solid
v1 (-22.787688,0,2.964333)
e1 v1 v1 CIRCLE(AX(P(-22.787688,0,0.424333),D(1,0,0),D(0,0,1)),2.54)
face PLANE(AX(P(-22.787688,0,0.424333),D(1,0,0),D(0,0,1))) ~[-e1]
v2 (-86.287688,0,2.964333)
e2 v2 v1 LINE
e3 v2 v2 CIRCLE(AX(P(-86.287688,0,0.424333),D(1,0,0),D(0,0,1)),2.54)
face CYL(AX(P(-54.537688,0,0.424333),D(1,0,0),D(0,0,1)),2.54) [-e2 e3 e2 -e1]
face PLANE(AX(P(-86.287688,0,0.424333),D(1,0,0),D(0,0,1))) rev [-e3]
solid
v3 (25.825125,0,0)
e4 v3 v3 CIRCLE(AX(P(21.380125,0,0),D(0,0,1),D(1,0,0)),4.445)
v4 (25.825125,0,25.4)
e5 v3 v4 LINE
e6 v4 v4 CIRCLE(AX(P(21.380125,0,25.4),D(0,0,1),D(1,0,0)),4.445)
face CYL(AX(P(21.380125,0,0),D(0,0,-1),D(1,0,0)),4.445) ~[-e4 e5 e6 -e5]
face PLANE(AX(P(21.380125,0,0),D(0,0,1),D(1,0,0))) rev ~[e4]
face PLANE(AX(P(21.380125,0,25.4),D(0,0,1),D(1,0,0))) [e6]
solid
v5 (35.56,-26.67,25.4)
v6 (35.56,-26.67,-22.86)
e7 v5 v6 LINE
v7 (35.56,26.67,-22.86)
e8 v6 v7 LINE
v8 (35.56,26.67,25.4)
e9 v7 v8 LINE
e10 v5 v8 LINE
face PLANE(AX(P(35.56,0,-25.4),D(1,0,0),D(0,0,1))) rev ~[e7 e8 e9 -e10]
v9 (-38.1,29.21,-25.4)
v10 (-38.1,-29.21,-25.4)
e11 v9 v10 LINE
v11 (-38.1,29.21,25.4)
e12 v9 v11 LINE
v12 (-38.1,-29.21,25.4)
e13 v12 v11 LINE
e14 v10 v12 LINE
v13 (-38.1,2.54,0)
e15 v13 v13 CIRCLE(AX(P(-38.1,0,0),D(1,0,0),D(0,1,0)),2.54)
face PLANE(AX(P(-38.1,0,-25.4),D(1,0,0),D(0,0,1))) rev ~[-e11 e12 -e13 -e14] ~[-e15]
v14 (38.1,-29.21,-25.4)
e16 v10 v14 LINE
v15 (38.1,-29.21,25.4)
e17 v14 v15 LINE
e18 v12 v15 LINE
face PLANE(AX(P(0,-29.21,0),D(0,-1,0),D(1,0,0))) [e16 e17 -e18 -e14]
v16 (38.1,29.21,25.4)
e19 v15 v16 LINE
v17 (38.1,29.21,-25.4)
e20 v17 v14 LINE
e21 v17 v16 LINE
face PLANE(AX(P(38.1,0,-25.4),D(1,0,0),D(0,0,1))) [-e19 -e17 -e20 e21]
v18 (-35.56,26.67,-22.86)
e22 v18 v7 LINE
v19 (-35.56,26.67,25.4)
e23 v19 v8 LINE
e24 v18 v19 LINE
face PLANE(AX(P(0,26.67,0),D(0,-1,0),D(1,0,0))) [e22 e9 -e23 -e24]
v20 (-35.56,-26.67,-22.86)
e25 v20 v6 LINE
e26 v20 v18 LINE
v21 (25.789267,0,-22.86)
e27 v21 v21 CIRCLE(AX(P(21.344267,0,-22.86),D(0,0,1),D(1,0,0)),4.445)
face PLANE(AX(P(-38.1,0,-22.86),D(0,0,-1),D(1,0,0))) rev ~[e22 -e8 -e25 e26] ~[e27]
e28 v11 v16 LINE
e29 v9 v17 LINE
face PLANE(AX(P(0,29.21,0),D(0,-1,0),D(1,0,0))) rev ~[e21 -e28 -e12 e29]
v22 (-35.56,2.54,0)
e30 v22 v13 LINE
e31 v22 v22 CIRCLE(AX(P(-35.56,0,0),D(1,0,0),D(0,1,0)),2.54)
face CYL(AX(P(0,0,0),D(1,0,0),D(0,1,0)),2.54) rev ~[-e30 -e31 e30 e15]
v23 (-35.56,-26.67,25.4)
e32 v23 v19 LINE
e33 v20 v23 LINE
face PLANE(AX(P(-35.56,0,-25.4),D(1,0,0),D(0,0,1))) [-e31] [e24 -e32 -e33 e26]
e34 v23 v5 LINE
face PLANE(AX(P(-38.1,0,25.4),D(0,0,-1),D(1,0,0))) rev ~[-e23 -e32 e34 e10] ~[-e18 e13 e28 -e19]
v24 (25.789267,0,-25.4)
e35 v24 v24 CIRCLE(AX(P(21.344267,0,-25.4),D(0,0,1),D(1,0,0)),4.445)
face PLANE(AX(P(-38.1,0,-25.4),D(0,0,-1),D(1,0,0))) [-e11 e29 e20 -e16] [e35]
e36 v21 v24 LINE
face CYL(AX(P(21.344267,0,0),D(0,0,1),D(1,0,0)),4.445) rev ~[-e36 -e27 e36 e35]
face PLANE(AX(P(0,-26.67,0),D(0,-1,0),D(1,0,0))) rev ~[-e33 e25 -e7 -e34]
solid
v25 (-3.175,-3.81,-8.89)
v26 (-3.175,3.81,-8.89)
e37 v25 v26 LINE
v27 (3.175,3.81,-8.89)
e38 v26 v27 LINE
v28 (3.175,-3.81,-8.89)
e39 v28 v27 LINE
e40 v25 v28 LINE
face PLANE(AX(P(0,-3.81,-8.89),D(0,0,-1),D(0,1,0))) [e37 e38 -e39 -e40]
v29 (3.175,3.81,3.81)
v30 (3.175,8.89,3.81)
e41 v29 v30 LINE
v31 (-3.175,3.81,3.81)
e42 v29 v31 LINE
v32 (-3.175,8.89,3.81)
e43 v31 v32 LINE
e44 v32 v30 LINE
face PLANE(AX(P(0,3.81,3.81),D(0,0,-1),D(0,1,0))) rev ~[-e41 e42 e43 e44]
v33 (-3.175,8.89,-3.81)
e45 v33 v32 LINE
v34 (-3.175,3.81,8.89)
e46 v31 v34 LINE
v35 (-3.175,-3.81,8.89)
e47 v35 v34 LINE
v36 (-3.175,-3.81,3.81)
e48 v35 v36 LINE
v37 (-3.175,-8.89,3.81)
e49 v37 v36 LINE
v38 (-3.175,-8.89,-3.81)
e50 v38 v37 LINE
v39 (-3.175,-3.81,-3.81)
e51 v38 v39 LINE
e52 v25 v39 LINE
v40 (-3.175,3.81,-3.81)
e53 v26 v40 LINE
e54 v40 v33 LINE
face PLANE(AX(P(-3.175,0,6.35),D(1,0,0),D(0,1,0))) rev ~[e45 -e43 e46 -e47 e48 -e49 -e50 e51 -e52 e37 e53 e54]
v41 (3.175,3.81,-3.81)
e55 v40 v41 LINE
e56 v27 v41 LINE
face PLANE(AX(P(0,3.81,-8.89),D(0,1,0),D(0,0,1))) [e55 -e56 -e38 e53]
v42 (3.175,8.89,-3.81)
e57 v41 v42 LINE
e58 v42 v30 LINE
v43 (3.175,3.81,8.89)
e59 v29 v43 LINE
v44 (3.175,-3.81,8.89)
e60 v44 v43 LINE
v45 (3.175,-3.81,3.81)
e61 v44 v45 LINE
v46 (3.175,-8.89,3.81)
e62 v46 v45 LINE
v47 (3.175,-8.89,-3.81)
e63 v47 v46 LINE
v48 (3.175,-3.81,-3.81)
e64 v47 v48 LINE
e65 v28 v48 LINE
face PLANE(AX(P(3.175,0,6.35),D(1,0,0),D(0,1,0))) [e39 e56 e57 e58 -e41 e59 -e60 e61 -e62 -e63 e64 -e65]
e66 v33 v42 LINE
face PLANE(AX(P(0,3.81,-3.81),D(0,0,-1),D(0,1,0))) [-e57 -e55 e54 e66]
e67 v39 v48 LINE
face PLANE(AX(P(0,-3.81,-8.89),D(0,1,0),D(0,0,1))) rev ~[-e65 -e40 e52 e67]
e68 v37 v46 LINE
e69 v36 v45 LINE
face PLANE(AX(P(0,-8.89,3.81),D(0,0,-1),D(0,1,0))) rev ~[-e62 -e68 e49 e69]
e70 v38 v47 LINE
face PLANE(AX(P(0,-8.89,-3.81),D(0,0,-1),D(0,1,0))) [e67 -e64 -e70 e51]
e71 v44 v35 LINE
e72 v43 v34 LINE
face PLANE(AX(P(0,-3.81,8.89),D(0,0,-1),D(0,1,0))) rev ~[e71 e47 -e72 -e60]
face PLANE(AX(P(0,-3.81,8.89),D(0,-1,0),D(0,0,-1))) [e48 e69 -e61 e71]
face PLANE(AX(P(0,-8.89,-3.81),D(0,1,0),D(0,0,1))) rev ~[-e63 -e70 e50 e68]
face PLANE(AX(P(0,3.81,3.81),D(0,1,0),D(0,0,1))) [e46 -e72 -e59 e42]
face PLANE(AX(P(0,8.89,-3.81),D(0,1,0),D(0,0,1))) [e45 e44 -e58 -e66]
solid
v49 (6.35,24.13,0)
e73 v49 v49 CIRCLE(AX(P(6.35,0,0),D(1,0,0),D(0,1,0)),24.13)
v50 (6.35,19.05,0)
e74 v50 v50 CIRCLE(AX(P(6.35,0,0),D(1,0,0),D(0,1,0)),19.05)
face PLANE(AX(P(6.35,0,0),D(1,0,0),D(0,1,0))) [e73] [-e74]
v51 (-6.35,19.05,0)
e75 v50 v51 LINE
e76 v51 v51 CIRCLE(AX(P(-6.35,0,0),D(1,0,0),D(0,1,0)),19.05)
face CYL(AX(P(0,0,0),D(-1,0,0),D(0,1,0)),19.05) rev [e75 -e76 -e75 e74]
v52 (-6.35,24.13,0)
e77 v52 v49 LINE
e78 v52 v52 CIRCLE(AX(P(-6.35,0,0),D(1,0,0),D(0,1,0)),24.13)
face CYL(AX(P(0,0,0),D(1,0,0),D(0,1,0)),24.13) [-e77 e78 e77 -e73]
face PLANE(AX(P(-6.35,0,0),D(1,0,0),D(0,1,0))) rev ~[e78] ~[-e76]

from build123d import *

# Parameters (mm, degrees)
F0_W      = 76.2
F0_H      = 50.8
F1_DEPTH  = 29.21
F2_T      = -2.54
F3_R      = 2.54
F4_DEPTH  = 38.101
F5_W      = 63.5
F5_H      = 2.54
F7_W      = 7.62
F7_H      = 5.08
F7_H_2    = 7.62
F7_W_2    = 5.08
F8_DEPTH  = 3.175
F9_R      = 24.13
F9_R_2    = 19.05
F10_DEPTH = 6.35
F11_R     = 4.445
F12_DEPTH = 41.656
F13_R     = 4.445
F14_DEPTH = 25.4


with BuildPart() as f1:
    # F0 (on Front) → F1 (new body, symmetric)
    with BuildSketch(Plane.XZ):
        Rectangle(F0_W, F0_H)
    extrude(amount=F1_DEPTH, both=True)

    # F2
    f2_openings = [f1.faces().sort_by_distance(p)[0] for p in [
        (0, 0, 25.4),
    ]]
    offset(amount=F2_T, openings=f2_openings)

    # F3 (on Right) → F4 (cut, through all)
    with BuildSketch(Plane.YZ):
        Circle(F3_R)
    extrude(amount=-F4_DEPTH, mode=Mode.SUBTRACT)

    # F11 (on Top) → F12 (cut)
    with BuildSketch(Plane.XY):
        with Locations((21.3442667981, 0)):
            Circle(F11_R)
    extrude(amount=-F12_DEPTH, mode=Mode.SUBTRACT)


with BuildPart() as f6:
    # F5 (on Front) → F6 (revolve)
    with BuildSketch(Plane.XZ):
        with Locations((-54.5376882462, 1.6943329167)):
            Rectangle(F5_W, F5_H)
    revolve(axis=Axis((-61.0382007435, 0, 0.4243329167), (1, 0, 0)))


with BuildPart() as f8:
    # F7 (on Right) → F8 (new body, symmetric)
    with BuildSketch(Plane.YZ):
        with Locations((0, 6.35)):
            Rectangle(F7_W, F7_H)
        Rectangle(F7_W, F7_H_2)
        with Locations((-6.35, 0)):
            Rectangle(F7_W_2, F7_H_2)
        with Locations((6.35, 0)):
            Rectangle(F7_W_2, F7_H_2)
        with Locations((0, -6.35)):
            Rectangle(F7_W, F7_H)
    extrude(amount=F8_DEPTH, both=True)


with BuildPart() as f10:
    # F9 (on Right) → F10 (new body, symmetric)
    with BuildSketch(Plane.YZ):
        Circle(F9_R)
        Circle(F9_R_2, mode=Mode.SUBTRACT)
    extrude(amount=F10_DEPTH, both=True)


with BuildPart() as f14:
    # F13 (on Top) → F14 (new body)
    with BuildSketch(Plane.XY):
        with Locations((21.3801246136, 0)):
            Circle(F13_R)
    extrude(amount=F14_DEPTH)


solid = Compound([f1.part, f6.part, f8.part, f10.part, f14.part])
